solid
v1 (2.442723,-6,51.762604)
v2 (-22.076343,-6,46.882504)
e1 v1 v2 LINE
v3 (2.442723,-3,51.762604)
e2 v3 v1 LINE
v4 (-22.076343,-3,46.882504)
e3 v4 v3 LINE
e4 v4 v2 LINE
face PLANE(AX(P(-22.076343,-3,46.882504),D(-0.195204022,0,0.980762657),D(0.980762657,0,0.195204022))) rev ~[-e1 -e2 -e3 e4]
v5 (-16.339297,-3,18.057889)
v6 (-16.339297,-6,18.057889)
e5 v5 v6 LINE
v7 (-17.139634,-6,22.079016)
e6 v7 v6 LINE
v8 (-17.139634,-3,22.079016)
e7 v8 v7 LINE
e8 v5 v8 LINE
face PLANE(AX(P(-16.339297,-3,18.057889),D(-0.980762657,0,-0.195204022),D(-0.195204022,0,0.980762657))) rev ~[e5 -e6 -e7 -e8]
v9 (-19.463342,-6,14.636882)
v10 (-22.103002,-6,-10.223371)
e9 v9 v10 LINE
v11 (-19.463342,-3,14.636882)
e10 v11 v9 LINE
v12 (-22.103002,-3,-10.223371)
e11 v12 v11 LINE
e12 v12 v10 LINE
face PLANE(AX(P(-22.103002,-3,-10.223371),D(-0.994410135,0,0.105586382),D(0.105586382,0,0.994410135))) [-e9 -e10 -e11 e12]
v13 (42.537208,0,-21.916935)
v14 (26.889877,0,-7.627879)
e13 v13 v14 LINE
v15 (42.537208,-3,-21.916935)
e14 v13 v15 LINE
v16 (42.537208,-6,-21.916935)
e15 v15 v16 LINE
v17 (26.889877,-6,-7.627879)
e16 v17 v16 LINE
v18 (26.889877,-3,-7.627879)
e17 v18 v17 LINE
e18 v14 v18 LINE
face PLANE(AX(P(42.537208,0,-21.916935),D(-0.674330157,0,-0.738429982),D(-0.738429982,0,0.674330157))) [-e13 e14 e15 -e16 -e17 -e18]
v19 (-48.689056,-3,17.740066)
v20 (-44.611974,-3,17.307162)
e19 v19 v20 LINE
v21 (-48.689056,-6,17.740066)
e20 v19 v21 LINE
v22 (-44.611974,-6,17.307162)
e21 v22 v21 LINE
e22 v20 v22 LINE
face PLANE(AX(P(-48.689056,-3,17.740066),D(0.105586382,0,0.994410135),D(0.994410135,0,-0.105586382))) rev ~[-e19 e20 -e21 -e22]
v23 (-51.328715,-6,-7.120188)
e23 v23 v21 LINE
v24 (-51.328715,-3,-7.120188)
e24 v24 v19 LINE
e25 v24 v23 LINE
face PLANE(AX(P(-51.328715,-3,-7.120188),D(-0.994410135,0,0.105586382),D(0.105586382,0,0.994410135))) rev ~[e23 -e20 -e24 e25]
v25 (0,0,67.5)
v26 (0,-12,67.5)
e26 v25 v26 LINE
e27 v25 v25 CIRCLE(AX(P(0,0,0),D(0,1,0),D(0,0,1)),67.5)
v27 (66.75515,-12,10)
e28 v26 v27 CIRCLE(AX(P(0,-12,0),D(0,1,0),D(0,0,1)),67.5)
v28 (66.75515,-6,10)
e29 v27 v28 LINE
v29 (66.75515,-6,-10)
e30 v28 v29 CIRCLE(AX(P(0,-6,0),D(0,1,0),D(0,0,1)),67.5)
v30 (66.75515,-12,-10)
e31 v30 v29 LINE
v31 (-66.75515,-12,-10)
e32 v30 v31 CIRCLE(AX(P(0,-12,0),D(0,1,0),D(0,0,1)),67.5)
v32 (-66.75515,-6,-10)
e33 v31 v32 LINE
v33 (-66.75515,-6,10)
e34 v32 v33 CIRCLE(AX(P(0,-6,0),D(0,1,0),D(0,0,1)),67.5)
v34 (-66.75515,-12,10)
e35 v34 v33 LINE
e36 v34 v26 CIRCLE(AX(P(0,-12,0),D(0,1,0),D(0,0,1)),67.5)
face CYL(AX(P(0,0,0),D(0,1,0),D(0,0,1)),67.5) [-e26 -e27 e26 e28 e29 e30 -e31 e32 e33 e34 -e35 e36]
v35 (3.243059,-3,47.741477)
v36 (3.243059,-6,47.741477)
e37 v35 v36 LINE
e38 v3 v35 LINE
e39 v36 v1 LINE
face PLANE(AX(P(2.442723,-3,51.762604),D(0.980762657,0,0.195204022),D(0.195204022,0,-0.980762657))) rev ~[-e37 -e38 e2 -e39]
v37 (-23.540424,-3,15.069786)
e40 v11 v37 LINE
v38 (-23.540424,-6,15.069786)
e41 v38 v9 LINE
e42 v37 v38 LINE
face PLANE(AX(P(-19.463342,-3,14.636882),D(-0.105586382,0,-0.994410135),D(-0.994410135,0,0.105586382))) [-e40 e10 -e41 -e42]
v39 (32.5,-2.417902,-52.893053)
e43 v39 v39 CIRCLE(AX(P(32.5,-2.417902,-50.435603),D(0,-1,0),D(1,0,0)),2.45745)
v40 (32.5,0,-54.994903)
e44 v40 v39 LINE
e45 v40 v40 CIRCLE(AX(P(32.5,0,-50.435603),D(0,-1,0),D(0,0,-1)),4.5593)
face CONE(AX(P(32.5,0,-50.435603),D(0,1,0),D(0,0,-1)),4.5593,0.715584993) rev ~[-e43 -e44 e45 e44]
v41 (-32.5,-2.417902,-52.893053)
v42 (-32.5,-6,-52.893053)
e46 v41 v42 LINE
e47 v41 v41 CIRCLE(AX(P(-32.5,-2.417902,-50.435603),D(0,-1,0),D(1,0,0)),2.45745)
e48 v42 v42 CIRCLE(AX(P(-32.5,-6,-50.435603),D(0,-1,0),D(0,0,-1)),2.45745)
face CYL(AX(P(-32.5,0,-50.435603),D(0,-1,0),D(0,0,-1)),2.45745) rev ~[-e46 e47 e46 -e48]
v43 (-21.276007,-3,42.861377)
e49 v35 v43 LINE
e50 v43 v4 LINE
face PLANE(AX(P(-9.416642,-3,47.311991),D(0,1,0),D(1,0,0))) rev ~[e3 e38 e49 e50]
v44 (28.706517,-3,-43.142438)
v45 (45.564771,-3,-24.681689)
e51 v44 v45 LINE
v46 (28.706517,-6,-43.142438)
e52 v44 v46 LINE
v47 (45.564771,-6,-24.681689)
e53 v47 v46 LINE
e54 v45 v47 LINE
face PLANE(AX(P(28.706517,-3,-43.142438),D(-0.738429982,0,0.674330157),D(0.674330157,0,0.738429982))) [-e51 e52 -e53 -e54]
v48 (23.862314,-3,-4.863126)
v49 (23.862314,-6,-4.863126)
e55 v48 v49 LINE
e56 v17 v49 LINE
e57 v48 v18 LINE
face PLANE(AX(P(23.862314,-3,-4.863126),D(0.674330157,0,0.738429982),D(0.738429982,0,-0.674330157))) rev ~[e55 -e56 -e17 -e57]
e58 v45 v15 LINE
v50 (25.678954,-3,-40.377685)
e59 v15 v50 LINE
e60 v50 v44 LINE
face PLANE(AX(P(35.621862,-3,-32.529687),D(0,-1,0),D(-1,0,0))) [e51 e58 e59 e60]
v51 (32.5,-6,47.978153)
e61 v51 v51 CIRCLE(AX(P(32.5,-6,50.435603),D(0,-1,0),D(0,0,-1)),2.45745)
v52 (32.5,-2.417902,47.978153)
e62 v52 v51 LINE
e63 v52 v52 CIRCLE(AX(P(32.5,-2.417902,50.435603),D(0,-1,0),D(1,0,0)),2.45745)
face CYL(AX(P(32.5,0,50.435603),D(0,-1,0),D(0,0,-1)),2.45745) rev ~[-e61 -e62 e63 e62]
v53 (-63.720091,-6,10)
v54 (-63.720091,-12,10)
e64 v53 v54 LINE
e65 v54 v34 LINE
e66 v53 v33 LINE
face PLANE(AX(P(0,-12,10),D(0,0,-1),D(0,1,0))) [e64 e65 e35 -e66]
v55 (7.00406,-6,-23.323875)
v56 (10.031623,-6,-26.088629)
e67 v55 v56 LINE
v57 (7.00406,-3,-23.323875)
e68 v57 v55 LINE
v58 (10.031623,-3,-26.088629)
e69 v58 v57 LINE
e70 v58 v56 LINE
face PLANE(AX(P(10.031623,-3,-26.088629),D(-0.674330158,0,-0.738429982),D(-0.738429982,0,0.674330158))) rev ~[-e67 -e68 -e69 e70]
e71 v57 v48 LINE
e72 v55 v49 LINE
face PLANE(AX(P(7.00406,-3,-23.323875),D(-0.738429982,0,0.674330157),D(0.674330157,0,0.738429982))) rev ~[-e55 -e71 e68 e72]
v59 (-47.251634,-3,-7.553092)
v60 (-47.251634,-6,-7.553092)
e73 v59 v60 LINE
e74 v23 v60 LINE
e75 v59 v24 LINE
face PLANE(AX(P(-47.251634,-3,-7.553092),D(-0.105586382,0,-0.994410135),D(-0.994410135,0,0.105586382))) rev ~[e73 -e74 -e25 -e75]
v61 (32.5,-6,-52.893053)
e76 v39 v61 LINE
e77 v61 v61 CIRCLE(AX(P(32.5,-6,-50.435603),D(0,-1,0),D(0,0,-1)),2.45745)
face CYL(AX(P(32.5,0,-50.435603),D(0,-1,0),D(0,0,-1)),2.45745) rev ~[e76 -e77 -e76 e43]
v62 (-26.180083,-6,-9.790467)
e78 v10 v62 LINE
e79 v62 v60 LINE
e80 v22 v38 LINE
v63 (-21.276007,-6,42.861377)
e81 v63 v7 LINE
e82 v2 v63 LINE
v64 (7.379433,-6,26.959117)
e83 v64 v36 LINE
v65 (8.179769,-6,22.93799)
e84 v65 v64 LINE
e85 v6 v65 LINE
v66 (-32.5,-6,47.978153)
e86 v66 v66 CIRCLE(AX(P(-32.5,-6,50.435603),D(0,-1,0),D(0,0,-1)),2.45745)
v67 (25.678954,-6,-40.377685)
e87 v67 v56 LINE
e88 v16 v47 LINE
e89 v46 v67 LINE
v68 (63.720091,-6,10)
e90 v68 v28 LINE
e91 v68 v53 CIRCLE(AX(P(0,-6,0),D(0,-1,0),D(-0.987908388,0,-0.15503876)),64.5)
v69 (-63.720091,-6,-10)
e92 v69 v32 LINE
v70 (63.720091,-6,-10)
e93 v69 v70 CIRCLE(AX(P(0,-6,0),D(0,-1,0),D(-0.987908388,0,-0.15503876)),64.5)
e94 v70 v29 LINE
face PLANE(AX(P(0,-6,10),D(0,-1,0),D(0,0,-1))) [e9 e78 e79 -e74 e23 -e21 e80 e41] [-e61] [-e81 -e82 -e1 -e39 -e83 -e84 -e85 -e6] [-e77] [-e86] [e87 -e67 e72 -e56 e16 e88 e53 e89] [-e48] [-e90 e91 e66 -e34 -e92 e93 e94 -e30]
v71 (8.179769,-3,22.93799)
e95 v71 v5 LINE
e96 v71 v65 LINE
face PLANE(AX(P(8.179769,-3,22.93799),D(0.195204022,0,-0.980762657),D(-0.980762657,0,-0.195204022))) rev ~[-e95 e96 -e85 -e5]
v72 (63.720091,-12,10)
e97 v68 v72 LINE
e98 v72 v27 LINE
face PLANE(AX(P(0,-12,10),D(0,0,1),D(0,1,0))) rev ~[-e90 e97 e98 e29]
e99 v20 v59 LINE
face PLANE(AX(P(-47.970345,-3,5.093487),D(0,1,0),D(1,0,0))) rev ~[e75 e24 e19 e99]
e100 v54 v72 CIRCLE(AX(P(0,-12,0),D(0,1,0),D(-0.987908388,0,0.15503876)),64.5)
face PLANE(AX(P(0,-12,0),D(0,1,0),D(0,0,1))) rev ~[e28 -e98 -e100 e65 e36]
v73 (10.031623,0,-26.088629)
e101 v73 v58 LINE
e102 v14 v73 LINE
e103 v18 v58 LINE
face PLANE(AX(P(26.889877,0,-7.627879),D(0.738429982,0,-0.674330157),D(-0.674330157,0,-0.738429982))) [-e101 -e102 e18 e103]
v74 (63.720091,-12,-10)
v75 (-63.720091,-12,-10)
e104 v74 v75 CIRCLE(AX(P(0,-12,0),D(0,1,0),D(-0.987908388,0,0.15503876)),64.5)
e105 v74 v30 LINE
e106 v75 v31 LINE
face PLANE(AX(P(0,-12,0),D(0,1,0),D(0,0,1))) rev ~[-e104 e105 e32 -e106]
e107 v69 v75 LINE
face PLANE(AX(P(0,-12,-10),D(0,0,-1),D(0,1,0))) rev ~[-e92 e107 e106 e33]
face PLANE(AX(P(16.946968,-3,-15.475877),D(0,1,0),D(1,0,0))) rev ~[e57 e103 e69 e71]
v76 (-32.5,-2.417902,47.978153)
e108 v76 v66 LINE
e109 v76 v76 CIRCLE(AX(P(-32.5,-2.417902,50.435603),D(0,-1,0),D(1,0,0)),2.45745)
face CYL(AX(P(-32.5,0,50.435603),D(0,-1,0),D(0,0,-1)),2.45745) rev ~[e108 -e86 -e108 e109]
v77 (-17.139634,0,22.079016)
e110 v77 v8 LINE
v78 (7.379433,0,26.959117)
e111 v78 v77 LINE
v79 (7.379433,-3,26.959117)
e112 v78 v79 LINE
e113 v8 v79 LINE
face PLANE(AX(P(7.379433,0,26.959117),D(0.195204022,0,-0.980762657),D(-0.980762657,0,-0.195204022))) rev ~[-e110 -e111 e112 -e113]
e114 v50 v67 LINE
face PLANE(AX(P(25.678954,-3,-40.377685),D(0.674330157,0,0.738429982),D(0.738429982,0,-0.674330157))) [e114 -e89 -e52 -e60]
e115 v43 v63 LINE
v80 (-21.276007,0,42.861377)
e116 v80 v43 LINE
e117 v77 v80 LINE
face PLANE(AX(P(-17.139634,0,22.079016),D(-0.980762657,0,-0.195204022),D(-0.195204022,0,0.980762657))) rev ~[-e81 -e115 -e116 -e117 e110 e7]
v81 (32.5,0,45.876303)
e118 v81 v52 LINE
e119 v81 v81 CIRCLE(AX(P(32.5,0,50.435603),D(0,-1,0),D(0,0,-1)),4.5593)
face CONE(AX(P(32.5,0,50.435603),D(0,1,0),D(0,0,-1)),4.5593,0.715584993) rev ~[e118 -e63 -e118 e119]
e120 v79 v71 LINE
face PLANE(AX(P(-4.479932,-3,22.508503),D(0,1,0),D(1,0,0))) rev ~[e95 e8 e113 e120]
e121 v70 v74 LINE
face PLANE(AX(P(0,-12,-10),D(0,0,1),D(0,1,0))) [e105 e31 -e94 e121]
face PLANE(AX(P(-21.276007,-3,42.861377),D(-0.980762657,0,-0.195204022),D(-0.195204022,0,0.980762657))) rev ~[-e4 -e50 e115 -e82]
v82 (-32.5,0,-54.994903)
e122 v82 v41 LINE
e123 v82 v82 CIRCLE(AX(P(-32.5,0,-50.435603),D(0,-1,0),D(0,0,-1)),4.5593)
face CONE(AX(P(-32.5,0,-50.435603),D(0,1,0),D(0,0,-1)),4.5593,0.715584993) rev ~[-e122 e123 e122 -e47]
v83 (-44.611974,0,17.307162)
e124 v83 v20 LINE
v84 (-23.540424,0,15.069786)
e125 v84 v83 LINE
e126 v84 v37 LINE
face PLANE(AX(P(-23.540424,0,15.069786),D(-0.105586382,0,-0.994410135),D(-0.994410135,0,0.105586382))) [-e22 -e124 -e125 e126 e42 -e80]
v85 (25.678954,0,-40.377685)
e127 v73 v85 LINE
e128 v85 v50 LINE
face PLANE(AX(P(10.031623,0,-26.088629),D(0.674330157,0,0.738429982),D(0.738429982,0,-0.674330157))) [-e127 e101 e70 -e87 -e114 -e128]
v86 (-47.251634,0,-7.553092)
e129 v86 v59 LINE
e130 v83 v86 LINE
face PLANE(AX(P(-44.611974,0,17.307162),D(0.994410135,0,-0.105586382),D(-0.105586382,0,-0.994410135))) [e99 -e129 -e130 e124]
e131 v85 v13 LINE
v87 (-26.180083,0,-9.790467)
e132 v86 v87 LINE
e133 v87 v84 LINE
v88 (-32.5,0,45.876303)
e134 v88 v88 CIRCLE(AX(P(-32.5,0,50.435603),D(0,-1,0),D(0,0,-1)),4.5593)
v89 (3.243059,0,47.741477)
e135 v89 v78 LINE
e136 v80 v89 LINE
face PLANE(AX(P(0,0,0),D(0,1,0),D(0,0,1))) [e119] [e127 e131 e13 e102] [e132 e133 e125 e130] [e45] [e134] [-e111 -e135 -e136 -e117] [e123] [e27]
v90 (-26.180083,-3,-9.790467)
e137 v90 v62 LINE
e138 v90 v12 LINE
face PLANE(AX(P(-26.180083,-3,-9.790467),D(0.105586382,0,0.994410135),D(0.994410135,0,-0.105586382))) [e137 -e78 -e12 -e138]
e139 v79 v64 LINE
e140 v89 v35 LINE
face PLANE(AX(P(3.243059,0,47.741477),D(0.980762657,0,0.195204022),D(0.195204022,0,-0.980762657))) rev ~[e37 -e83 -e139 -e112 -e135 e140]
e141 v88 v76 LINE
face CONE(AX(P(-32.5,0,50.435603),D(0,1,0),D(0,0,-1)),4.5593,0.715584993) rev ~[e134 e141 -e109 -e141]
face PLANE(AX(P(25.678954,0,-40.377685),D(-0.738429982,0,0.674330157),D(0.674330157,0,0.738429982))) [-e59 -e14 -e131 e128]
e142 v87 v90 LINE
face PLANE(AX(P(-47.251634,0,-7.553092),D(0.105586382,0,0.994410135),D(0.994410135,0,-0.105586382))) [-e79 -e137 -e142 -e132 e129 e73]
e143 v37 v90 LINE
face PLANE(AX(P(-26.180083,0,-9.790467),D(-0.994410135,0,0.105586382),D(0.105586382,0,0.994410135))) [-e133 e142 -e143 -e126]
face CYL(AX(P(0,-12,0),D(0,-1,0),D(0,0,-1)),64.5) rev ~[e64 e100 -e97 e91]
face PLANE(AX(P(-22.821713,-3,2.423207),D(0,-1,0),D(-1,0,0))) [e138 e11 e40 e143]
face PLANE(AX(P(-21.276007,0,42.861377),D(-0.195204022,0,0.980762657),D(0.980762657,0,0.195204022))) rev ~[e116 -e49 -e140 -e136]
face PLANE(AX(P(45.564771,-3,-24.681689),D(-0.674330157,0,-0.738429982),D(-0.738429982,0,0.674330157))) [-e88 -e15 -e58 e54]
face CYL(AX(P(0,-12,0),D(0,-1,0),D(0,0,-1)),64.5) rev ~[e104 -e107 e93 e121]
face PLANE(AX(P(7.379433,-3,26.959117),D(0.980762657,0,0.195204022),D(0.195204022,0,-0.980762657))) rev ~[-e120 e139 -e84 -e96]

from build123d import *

# Parameters (mm, degrees)
SKETCH2_R                                         = 67.5
PALM_BASE_DEPTH                                   = 12
BOTTOM_SURFACE_REMOVED_T                          = -6
THROUGH_HOLE_FOR_FINGER_BASE_REACH                = 98.211
FINGER_BASE_CUT_OFFSET_FROM_SURFACE_REACH         = 101.211
FINGER_START                                      = -3
SKETCH4_R                                         = 64.5
SIDE_THICKNESS_CUT_DEPTH                          = 6
CSK_FOR_8_FLAT_HEAD_SOCKET_CAP_SCREW1_D           = 4.9149
CSK_FOR_8_FLAT_HEAD_SOCKET_CAP_SCREW1_CSINK_D     = 9.1186
CSK_FOR_8_FLAT_HEAD_SOCKET_CAP_SCREW1_CSINK_ANGLE = 82
SLOT_FOR_PALM_BOTTOM_REACH                        = 98.211
SLOT_FOR_PALM_BOTTOM_END_RADIUS                   = 67.5
SKETCH9_W                                         = 20
SKETCH9_H                                         = 6
SLOT_FOR_PALM_BOTTOM_DIRECTION_2_REACH            = 98.211
SLOT_FOR_PALM_BOTTOM_DIRECTION_2_END_RADIUS       = 67.5


with BuildPart() as part:
    # Sketch2 → Palm base (new body)
    with BuildSketch(Plane(origin=(0, 0, 0), x_dir=(1, 0, 0), z_dir=(0, 1, 0))):
        with Locations(Location((0, 0, 0), (0, 0, 270))):
            Circle(SKETCH2_R)
    extrude(amount=-PALM_BASE_DEPTH)

    # Bottom surface removed
    bottom_surface_removed_openings = [part.faces().sort_by_distance(p)[0] for p in [
        (0, -12, 0),
    ]]
    offset(amount=BOTTOM_SURFACE_REMOVED_T, openings=bottom_surface_removed_openings, kind=Kind.INTERSECTION)

    # Sketch3 → Through hole for finger base (cut, up to next)
    with BuildSketch(Plane(origin=(0, 0, 0), x_dir=(1, 0, 0), z_dir=(0, 1, 0)), mode=Mode.PRIVATE) as through_hole_for_finger_base_sk1:
        Polygon((25.678953914, 40.377684751), (42.53720785, 21.916935194), (26.889876526, 7.627879157), (10.031622589, 26.088628715), align=None)
    through_hole_for_finger_base_tool1 = extrude(through_hole_for_finger_base_sk1.sketch, amount=-THROUGH_HOLE_FOR_FINGER_BASE_REACH, mode=Mode.PRIVATE) & part.part
    # Sketch3 → Through hole for finger base (cut, up to next)
    with BuildSketch(Plane(origin=(0, 0, 0), x_dir=(1, 0, 0), z_dir=(0, 1, 0)), mode=Mode.PRIVATE) as through_hole_for_finger_base_sk2:
        Polygon((7.379432661, -26.959116707), (-17.139633769, -22.079016153), (-21.276006998, -42.861376859), (3.243059431, -47.741477412), align=None)
    through_hole_for_finger_base_tool2 = extrude(through_hole_for_finger_base_sk2.sketch, amount=-THROUGH_HOLE_FOR_FINGER_BASE_REACH, mode=Mode.PRIVATE) & part.part
    # Sketch3 → Through hole for finger base (cut, up to next)
    with BuildSketch(Plane(origin=(0, 0, 0), x_dir=(1, 0, 0), z_dir=(0, 1, 0)), mode=Mode.PRIVATE) as through_hole_for_finger_base_sk3:
        Polygon((-26.18008314, 9.790467137), (-23.540423594, -15.06978623), (-44.611974348, -17.307161662), (-47.251633894, 7.553091705), align=None)
    through_hole_for_finger_base_tool3 = extrude(through_hole_for_finger_base_sk3.sketch, amount=-THROUGH_HOLE_FOR_FINGER_BASE_REACH, mode=Mode.PRIVATE) & part.part
    add(through_hole_for_finger_base_tool1.solids().sort_by_distance((26.284415, 0, -24.002782))[0], mode=Mode.SUBTRACT)
    add(through_hole_for_finger_base_tool2.solids().sort_by_distance((-6.948287, 0, 34.910247))[0], mode=Mode.SUBTRACT)
    add(through_hole_for_finger_base_tool3.solids().sort_by_distance((-35.396029, 0, 3.758347))[0], mode=Mode.SUBTRACT)

    # Sketch7 → Finger base cut offset from surface (cut, up to next)
    with BuildSketch(Plane(origin=(0, 0, 0), x_dir=(1, 0, 0), z_dir=(0, 1, 0)).offset(FINGER_START), mode=Mode.PRIVATE) as finger_base_cut_offset_from_surface_sk1:
        Polygon((8.179769152, -22.937989812), (-16.339297278, -18.057889258), (-17.139633769, -22.079016153), (7.379432661, -26.959116707), align=None)
    finger_base_cut_offset_from_surface_tool1 = extrude(finger_base_cut_offset_from_surface_sk1.sketch, amount=-FINGER_BASE_CUT_OFFSET_FROM_SURFACE_REACH, mode=Mode.PRIVATE) & part.part
    # Sketch7 → Finger base cut offset from surface (cut, up to next)
    with BuildSketch(Plane(origin=(0, 0, 0), x_dir=(1, 0, 0), z_dir=(0, 1, 0)).offset(FINGER_START), mode=Mode.PRIVATE) as finger_base_cut_offset_from_surface_sk2:
        Polygon((-22.076343489, -46.882503753), (2.442722941, -51.762604307), (3.243059431, -47.741477412), (-21.276006998, -42.861376859), align=None)
    finger_base_cut_offset_from_surface_tool2 = extrude(finger_base_cut_offset_from_surface_sk2.sketch, amount=-FINGER_BASE_CUT_OFFSET_FROM_SURFACE_REACH, mode=Mode.PRIVATE) & part.part
    # Sketch7 → Finger base cut offset from surface (cut, up to next)
    with BuildSketch(Plane(origin=(0, 0, 0), x_dir=(1, 0, 0), z_dir=(0, 1, 0)).offset(FINGER_START), mode=Mode.PRIVATE) as finger_base_cut_offset_from_surface_sk3:
        Polygon((10.031622589, 26.088628715), (7.004059662, 23.323875069), (23.862313598, 4.863125512), (26.889876526, 7.627879157), align=None)
    finger_base_cut_offset_from_surface_tool3 = extrude(finger_base_cut_offset_from_surface_sk3.sketch, amount=-FINGER_BASE_CUT_OFFSET_FROM_SURFACE_REACH, mode=Mode.PRIVATE) & part.part
    # Sketch7 → Finger base cut offset from surface (cut, up to next)
    with BuildSketch(Plane(origin=(0, 0, 0), x_dir=(1, 0, 0), z_dir=(0, 1, 0)).offset(FINGER_START), mode=Mode.PRIVATE) as finger_base_cut_offset_from_surface_sk4:
        Polygon((45.564770778, 24.681688839), (42.53720785, 21.916935194), (25.678953914, 40.377684751), (28.706516842, 43.142438397), align=None)
    finger_base_cut_offset_from_surface_tool4 = extrude(finger_base_cut_offset_from_surface_sk4.sketch, amount=-FINGER_BASE_CUT_OFFSET_FROM_SURFACE_REACH, mode=Mode.PRIVATE) & part.part
    # Sketch7 → Finger base cut offset from surface (cut, up to next)
    with BuildSketch(Plane(origin=(0, 0, 0), x_dir=(1, 0, 0), z_dir=(0, 1, 0)).offset(FINGER_START), mode=Mode.PRIVATE) as finger_base_cut_offset_from_surface_sk5:
        Polygon((-48.6890559, -17.740065828), (-44.611974348, -17.307161662), (-47.251633894, 7.553091705), (-51.328715447, 7.120187539), align=None)
    finger_base_cut_offset_from_surface_tool5 = extrude(finger_base_cut_offset_from_surface_sk5.sketch, amount=-FINGER_BASE_CUT_OFFSET_FROM_SURFACE_REACH, mode=Mode.PRIVATE) & part.part
    # Sketch7 → Finger base cut offset from surface (cut, up to next)
    with BuildSketch(Plane(origin=(0, 0, 0), x_dir=(1, 0, 0), z_dir=(0, 1, 0)).offset(FINGER_START), mode=Mode.PRIVATE) as finger_base_cut_offset_from_surface_sk6:
        Polygon((-23.540423594, -15.06978623), (-26.18008314, 9.790467137), (-22.103001588, 10.223371302), (-19.463342042, -14.636882065), align=None)
    finger_base_cut_offset_from_surface_tool6 = extrude(finger_base_cut_offset_from_surface_sk6.sketch, amount=-FINGER_BASE_CUT_OFFSET_FROM_SURFACE_REACH, mode=Mode.PRIVATE) & part.part
    add(finger_base_cut_offset_from_surface_tool1.solids().sort_by_distance((-4.479932, -3, 22.508503))[0], mode=Mode.SUBTRACT)
    add(finger_base_cut_offset_from_surface_tool2.solids().sort_by_distance((-9.416642, -3, 47.311991))[0], mode=Mode.SUBTRACT)
    add(finger_base_cut_offset_from_surface_tool3.solids().sort_by_distance((16.946968, -3, -15.475877))[0], mode=Mode.SUBTRACT)
    add(finger_base_cut_offset_from_surface_tool4.solids().sort_by_distance((35.621862, -3, -32.529687))[0], mode=Mode.SUBTRACT)
    add(finger_base_cut_offset_from_surface_tool5.solids().sort_by_distance((-47.970345, -3, 5.093487))[0], mode=Mode.SUBTRACT)
    add(finger_base_cut_offset_from_surface_tool6.solids().sort_by_distance((-22.821713, -3, 2.423207))[0], mode=Mode.SUBTRACT)

    # Sketch4 → Side thickness cut (cut)
    with BuildSketch(Plane.XZ.offset(12)):
        with Locations(Location((0, 0, 0), (0, 0, 270))):
            Circle(SKETCH4_R)
    extrude(amount=-SIDE_THICKNESS_CUT_DEPTH, mode=Mode.SUBTRACT)

    # CSK for #8 Flat Head Socket Cap Screw1 (through all)
    with Locations(Plane(origin=(-32.5, 0, -50.435602505), x_dir=(0, 0, 1), z_dir=(0, 1, 0))):
        with Locations((0, 0), (0, 65), (100.87120501, 65), (100.87120501, 0)):
            CounterSinkHole(CSK_FOR_8_FLAT_HEAD_SOCKET_CAP_SCREW1_D / 2, CSK_FOR_8_FLAT_HEAD_SOCKET_CAP_SCREW1_CSINK_D / 2, counter_sink_angle=CSK_FOR_8_FLAT_HEAD_SOCKET_CAP_SCREW1_CSINK_ANGLE)

    # Slot for palm bottom: up to this cylinder (the profile starts inside it)
    slot_for_palm_bottom_end = Plane(origin=(0, -9, 0), z_dir=(0, 1, 0)) * Cylinder(SLOT_FOR_PALM_BOTTOM_END_RADIUS, 332.422, mode=Mode.PRIVATE)
    # Sketch9 → Slot for palm bottom (cut, up to the surface)
    with BuildSketch(Plane(origin=(0, 0, 0), x_dir=(0, 0, -1), z_dir=(1, 0, 0)), mode=Mode.PRIVATE) as slot_for_palm_bottom_sk1:
        with Locations((0, -9)):
            Rectangle(SKETCH9_W, SKETCH9_H)
    slot_for_palm_bottom_tool1 = extrude(slot_for_palm_bottom_sk1.sketch, amount=-SLOT_FOR_PALM_BOTTOM_REACH, mode=Mode.PRIVATE) & slot_for_palm_bottom_end
    add(slot_for_palm_bottom_tool1.solids().sort_by_distance((0, -9, 0))[0], mode=Mode.SUBTRACT)

    # Slot for palm bottom direction 2: up to this cylinder (the profile starts inside it)
    slot_for_palm_bottom_direction_2_end = Plane(origin=(0, -9, 0), z_dir=(0, 1, 0)) * Cylinder(SLOT_FOR_PALM_BOTTOM_DIRECTION_2_END_RADIUS, 332.422, mode=Mode.PRIVATE)
    # Sketch9 → Slot for palm bottom direction 2 (cut, up to the surface)
    with BuildSketch(Plane(origin=(0, 0, 0), x_dir=(0, 0, -1), z_dir=(1, 0, 0)), mode=Mode.PRIVATE) as slot_for_palm_bottom_direction_2_sk1:
        with Locations((0, -9)):
            Rectangle(SKETCH9_W, SKETCH9_H)
    slot_for_palm_bottom_direction_2_tool1 = extrude(slot_for_palm_bottom_direction_2_sk1.sketch, amount=SLOT_FOR_PALM_BOTTOM_DIRECTION_2_REACH, mode=Mode.PRIVATE) & slot_for_palm_bottom_direction_2_end
    add(slot_for_palm_bottom_direction_2_tool1.solids().sort_by_distance((0, -9, 0))[0], mode=Mode.SUBTRACT)


solid = part.part
